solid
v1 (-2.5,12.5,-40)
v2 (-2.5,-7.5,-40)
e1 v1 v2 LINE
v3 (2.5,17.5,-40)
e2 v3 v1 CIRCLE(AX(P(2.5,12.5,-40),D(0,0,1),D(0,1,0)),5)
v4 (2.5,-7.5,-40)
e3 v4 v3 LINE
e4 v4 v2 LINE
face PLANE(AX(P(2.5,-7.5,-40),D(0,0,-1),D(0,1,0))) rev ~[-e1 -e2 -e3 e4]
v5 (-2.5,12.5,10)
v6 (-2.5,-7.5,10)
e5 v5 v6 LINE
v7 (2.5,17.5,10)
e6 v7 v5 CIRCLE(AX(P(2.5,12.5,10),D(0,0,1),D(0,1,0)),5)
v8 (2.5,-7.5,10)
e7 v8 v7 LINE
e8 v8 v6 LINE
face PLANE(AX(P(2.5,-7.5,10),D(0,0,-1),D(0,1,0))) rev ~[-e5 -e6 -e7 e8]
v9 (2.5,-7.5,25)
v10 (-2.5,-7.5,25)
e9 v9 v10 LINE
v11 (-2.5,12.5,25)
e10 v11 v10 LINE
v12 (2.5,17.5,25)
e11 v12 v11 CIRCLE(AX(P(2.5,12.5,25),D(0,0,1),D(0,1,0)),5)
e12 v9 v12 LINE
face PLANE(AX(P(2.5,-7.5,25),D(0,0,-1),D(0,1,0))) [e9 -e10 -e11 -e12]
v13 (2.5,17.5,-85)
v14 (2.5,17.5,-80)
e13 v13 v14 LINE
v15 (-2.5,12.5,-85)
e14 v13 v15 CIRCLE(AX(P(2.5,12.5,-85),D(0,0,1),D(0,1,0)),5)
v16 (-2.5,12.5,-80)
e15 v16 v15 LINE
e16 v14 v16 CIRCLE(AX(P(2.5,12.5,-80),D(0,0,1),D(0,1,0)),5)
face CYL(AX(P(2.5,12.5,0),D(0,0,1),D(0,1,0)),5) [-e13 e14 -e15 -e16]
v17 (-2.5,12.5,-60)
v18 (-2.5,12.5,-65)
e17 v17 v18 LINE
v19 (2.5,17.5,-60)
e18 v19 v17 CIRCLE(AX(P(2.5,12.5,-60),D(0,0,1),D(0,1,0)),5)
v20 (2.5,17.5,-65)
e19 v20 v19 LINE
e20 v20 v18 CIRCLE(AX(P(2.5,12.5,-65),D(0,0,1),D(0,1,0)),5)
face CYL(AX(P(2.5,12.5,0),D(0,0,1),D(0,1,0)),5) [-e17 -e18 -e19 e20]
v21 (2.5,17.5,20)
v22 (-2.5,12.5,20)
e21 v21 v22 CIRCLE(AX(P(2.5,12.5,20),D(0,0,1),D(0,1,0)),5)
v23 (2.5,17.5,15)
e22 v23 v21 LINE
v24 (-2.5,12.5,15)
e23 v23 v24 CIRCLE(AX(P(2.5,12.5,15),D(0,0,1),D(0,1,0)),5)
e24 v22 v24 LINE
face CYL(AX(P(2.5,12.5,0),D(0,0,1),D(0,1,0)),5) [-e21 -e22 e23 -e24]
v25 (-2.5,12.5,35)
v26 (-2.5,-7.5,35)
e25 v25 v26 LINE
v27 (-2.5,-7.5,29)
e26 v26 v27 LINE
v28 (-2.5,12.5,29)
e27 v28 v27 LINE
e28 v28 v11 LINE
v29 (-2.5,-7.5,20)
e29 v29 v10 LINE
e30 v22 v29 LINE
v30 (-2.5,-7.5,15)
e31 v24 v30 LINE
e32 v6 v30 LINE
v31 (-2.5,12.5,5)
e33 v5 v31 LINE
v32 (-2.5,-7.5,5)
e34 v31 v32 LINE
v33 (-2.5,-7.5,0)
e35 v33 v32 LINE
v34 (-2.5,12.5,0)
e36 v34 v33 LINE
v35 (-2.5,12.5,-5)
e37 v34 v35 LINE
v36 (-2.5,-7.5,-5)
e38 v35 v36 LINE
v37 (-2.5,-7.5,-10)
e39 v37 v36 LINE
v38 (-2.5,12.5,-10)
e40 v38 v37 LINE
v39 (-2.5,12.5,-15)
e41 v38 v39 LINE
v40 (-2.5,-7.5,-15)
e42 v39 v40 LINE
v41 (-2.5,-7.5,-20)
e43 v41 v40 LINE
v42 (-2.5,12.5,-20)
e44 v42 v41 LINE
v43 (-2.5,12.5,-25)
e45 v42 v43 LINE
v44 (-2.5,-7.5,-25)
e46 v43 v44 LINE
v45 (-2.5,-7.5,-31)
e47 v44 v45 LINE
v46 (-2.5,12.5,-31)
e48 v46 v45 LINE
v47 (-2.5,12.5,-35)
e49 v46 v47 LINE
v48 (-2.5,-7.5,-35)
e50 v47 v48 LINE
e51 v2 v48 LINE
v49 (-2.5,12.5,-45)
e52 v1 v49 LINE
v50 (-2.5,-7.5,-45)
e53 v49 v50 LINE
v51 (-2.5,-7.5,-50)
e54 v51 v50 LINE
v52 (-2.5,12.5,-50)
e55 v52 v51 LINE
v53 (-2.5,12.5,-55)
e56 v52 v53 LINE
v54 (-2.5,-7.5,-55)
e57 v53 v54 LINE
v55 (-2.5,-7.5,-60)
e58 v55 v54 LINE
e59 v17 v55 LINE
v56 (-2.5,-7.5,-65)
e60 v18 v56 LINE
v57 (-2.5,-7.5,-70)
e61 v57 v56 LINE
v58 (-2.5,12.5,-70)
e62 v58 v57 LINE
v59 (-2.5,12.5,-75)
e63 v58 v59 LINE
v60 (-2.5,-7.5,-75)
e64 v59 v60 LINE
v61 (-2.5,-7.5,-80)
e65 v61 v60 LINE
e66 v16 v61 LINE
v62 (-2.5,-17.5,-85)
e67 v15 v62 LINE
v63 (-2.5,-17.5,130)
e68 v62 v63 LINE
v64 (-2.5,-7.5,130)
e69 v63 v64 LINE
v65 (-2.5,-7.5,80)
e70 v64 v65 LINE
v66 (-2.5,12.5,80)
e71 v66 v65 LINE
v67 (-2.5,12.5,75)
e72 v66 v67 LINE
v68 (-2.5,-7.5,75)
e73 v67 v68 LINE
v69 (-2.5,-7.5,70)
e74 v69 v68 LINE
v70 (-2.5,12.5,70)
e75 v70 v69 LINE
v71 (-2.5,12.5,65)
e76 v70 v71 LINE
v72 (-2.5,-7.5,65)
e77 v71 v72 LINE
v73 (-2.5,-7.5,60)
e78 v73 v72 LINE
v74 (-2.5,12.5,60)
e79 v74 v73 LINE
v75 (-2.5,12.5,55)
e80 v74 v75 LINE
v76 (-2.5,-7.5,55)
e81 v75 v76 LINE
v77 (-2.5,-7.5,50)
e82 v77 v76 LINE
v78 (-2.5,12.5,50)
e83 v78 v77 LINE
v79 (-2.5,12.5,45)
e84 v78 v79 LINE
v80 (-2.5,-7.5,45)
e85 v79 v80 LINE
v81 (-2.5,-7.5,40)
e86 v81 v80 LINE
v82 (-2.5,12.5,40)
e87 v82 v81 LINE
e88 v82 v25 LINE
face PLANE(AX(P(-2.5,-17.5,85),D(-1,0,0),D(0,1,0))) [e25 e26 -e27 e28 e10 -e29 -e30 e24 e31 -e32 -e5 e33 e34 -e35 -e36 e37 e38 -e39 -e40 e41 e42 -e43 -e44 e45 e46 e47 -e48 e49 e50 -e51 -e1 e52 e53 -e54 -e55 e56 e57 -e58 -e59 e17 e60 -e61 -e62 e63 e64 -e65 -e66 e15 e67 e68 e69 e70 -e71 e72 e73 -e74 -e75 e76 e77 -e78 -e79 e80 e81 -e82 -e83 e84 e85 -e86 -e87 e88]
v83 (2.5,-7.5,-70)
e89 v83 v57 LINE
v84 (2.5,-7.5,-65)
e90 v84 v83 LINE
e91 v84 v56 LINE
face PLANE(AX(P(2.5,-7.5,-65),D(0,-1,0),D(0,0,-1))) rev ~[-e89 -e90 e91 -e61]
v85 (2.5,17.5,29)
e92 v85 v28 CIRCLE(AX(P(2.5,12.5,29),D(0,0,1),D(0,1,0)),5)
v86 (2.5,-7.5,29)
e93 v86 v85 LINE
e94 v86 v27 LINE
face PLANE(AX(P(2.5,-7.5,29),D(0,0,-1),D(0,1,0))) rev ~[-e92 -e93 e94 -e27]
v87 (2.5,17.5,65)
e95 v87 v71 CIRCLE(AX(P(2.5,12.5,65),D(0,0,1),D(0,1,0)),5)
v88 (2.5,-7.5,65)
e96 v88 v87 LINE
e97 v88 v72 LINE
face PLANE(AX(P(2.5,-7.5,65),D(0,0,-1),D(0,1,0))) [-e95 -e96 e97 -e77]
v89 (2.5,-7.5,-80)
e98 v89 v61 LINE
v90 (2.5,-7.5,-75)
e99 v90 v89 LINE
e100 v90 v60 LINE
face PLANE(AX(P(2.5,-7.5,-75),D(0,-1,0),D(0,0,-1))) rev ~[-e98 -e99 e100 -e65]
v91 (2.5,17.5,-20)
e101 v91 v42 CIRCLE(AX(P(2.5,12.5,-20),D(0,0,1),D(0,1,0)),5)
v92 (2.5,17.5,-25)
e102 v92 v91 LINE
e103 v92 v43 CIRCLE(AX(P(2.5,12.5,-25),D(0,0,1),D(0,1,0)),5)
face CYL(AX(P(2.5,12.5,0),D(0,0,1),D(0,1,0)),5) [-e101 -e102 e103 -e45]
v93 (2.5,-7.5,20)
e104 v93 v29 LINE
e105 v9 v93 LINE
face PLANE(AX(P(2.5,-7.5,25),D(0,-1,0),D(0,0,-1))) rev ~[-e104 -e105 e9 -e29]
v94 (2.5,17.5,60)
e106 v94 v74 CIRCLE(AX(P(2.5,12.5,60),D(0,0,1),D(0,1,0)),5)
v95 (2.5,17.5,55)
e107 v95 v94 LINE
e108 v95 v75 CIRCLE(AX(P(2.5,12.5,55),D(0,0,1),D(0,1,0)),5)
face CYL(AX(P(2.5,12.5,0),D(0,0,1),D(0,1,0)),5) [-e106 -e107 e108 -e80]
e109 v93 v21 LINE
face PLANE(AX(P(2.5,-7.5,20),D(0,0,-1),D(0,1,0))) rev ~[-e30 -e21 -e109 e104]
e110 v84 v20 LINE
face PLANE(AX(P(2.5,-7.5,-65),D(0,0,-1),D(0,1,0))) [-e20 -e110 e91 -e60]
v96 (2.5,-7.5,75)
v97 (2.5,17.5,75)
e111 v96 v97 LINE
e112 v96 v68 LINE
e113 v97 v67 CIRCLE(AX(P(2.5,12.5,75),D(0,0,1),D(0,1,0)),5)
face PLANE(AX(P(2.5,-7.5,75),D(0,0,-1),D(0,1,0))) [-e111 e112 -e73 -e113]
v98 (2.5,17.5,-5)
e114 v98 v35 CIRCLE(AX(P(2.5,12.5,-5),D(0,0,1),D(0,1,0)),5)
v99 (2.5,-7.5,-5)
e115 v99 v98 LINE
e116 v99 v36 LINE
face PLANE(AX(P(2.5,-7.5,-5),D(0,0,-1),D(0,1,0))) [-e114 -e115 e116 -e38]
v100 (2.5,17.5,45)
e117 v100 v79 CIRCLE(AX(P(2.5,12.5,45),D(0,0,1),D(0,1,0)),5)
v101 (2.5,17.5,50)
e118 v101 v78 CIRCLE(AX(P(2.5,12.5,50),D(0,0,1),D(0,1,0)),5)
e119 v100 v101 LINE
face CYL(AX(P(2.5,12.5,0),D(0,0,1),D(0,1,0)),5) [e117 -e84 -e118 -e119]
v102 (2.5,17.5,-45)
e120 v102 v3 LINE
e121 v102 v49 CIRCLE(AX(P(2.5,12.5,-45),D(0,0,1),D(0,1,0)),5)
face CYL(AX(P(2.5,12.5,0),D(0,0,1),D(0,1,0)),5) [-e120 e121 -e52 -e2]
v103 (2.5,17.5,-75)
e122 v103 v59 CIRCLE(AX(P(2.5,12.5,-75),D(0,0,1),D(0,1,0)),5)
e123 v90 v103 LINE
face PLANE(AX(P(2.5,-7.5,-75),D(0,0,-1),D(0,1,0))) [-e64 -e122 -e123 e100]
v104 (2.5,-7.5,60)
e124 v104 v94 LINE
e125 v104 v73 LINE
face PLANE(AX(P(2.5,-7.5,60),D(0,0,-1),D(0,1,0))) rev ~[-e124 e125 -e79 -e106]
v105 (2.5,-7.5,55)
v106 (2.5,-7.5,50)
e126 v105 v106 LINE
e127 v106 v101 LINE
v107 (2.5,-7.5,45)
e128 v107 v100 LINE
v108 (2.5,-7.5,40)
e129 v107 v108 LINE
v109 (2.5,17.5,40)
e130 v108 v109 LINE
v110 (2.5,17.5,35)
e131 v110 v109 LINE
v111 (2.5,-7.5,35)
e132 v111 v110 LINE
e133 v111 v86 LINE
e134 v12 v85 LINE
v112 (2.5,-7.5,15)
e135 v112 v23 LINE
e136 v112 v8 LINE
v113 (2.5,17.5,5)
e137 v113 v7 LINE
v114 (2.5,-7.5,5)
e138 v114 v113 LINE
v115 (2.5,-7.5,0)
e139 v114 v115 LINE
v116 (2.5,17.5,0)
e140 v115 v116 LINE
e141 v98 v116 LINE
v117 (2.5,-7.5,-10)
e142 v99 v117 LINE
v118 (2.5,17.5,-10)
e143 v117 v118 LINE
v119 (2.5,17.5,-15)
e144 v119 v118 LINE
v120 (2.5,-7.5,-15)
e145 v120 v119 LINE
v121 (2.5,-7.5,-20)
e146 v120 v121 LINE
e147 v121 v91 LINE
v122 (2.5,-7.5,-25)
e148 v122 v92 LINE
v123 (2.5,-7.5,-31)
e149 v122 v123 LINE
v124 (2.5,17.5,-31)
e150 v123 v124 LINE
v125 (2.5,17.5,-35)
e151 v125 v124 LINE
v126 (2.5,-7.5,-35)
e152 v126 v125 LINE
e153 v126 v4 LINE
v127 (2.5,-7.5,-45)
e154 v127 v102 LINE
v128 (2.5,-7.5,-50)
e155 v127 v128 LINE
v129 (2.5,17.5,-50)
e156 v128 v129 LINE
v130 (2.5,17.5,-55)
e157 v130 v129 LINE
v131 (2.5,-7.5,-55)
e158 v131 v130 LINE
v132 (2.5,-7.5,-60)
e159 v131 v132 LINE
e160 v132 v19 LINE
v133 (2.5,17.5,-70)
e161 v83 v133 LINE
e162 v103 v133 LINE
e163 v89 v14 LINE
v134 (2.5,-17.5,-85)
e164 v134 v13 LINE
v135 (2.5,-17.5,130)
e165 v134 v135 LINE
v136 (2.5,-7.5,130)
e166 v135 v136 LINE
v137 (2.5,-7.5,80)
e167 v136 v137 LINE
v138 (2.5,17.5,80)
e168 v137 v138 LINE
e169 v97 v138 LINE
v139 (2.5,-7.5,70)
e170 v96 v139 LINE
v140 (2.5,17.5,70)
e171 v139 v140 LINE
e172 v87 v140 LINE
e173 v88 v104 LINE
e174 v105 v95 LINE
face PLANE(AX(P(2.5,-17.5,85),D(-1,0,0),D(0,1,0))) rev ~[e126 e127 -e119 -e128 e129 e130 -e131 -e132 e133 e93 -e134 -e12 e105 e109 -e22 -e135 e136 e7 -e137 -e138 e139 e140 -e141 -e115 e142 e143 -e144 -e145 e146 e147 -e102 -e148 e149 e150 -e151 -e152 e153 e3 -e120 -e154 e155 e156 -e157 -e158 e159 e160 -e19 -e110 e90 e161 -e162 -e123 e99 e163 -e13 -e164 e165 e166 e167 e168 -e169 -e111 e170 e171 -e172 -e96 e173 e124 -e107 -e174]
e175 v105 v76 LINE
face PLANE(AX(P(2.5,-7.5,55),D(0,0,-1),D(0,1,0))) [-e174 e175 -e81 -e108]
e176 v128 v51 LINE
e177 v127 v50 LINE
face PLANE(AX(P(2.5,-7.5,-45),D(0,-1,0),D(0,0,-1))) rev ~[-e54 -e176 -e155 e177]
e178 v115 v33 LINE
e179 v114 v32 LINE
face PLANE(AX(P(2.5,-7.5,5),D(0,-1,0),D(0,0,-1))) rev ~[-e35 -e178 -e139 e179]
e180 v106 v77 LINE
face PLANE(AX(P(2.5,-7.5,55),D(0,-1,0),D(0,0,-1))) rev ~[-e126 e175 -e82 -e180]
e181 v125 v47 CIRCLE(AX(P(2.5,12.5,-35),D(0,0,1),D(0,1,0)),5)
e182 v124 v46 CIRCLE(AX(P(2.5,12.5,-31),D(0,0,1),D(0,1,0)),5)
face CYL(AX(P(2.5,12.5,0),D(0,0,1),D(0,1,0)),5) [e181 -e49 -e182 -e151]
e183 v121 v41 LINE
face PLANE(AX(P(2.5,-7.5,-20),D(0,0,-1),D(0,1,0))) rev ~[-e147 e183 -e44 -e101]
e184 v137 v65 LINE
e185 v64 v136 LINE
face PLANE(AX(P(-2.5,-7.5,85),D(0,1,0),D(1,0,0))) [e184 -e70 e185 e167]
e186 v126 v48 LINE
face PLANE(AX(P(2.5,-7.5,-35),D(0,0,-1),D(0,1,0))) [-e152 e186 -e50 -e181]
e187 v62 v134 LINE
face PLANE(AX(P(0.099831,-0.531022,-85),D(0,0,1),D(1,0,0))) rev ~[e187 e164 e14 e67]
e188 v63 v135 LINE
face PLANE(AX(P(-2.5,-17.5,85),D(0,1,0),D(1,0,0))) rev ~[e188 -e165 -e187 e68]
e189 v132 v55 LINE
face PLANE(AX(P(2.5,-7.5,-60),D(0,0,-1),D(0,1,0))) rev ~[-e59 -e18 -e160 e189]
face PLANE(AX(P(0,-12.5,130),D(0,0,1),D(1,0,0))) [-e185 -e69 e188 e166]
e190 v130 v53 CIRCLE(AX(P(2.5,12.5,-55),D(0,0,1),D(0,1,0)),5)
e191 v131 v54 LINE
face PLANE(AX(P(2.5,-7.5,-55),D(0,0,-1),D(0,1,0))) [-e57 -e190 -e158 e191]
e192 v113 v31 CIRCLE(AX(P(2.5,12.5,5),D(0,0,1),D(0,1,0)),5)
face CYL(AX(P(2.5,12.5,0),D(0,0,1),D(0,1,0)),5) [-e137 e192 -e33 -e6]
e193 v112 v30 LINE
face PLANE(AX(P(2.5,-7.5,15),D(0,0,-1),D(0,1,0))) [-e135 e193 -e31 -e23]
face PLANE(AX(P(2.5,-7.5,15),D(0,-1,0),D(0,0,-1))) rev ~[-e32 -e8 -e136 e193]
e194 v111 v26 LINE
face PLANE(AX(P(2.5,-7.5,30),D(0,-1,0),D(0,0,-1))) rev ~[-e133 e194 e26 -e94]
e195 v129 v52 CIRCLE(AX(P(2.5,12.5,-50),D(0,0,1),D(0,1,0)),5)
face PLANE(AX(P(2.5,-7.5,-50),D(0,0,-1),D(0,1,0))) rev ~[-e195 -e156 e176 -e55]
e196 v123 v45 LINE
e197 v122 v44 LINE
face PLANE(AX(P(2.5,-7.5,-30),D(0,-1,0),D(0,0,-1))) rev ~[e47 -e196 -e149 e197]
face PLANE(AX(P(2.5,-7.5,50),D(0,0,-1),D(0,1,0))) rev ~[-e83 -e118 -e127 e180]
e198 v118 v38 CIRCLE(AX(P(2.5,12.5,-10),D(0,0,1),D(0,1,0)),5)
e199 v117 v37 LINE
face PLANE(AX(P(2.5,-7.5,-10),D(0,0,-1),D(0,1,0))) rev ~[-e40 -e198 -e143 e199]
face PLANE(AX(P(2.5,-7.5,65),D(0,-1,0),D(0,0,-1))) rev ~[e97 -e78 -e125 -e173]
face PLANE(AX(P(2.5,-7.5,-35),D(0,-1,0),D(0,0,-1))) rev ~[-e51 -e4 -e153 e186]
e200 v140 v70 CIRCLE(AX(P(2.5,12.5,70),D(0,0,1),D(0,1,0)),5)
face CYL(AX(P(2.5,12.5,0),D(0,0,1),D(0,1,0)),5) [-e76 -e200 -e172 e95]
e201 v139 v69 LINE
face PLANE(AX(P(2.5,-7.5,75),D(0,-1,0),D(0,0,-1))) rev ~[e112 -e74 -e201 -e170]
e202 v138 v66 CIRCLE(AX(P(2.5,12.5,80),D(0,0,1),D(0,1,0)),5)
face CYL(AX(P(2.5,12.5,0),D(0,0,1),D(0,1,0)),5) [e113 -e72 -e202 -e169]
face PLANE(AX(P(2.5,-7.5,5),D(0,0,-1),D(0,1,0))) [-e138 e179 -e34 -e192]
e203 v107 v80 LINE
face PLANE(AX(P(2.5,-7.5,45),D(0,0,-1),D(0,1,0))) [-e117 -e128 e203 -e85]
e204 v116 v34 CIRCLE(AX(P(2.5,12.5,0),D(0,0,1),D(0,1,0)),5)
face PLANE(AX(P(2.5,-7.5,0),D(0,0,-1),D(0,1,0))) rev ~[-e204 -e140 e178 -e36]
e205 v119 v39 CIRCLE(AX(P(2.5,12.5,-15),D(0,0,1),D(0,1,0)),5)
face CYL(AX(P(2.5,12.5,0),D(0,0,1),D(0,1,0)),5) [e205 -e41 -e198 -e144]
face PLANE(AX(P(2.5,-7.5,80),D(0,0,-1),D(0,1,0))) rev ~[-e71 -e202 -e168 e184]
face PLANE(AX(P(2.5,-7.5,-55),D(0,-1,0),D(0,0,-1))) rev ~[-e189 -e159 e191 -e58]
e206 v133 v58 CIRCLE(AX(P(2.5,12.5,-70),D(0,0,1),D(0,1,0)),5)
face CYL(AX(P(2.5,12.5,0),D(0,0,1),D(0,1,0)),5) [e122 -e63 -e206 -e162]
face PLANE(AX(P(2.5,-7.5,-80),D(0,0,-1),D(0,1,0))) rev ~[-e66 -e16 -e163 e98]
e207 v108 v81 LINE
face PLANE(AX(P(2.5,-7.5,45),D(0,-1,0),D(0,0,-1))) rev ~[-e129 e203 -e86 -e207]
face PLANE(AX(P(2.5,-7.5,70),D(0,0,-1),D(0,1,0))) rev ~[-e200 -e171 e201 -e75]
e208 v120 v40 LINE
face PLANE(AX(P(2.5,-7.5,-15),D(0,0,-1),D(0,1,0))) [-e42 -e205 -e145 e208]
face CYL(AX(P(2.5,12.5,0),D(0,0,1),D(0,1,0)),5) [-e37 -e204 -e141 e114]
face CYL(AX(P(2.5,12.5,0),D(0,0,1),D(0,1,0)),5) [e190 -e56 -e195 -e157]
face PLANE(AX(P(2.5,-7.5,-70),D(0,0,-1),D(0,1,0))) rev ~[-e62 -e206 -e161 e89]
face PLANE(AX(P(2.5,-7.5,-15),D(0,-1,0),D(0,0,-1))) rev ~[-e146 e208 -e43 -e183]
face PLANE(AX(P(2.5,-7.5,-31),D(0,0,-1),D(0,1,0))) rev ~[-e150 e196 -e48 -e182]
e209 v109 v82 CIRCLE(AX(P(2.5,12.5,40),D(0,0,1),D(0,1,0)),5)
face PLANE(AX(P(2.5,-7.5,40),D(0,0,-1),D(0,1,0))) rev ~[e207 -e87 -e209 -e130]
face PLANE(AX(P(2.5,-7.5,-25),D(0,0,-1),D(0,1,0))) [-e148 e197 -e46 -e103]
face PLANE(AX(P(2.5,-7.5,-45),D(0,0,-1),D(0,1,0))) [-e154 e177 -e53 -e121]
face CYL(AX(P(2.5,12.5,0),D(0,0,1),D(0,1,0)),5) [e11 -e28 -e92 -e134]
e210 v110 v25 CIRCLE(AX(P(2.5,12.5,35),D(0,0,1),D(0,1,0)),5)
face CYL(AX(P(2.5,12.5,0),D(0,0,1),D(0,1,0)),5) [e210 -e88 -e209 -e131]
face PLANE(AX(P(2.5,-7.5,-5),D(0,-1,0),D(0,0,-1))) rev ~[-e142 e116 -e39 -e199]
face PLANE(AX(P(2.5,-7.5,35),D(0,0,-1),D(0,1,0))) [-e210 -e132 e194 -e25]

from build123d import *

# Parameters (mm, degrees)
SALIENTE_EXTRUIR1_DEPTH = 85
CROQUIS2_W              = 5
CROQUIS2_H              = 25
CORTAR_EXTRUIR1_DEPTH   = 6
CROQUIS3_W              = 5
CROQUIS3_H              = 10
SALIENTE_EXTRUIR2_DEPTH = 45
CROQUIS4_W              = 1
CROQUIS4_H              = 25
CORTAR_EXTRUIR2_DEPTH   = 6


with BuildPart() as part:
    # Croquis1 → Saliente-Extruir1 (new body, symmetric)
    with BuildSketch(Plane.XY):
        with BuildLine():
            Line((-2.5, -17.5), (2.5, -17.5))
            Line((2.5, -17.5), (2.5, 17.5))
            ThreePointArc((2.5, 17.5), (-1.035533906, 16.035533906), (-2.5, 12.5))
            Line((-2.5, 12.5), (-2.5, -17.5))
        make_face()
    extrude(amount=SALIENTE_EXTRUIR1_DEPTH, both=True)

    # Croquis2 → Cortar-Extruir1 (cut, through all)
    with BuildSketch(Plane(origin=(2.5, 0, 0), x_dir=(0, 0, -1), z_dir=(1, 0, 0))):
        with Locations((77.5, 5)):
            Rectangle(CROQUIS2_W, CROQUIS2_H)
        with Locations((67.5, 5)):
            Rectangle(CROQUIS2_W, CROQUIS2_H)
        with Locations((57.5, 5)):
            Rectangle(CROQUIS2_W, CROQUIS2_H)
        with Locations((47.5, 5)):
            Rectangle(CROQUIS2_W, CROQUIS2_H)
        with Locations((37.5, 5)):
            Rectangle(CROQUIS2_W, CROQUIS2_H)
        with Locations((27.5, 5)):
            Rectangle(CROQUIS2_W, CROQUIS2_H)
        with Locations((17.5, 5)):
            Rectangle(CROQUIS2_W, CROQUIS2_H)
        with Locations((7.5, 5)):
            Rectangle(CROQUIS2_W, CROQUIS2_H)
        with Locations((-2.5, 5)):
            Rectangle(CROQUIS2_W, CROQUIS2_H)
        with Locations((-12.5, 5)):
            Rectangle(CROQUIS2_W, CROQUIS2_H)
        with Locations((-22.5, 5)):
            Rectangle(CROQUIS2_W, CROQUIS2_H)
        with Locations((-32.5, 5)):
            Rectangle(CROQUIS2_W, CROQUIS2_H)
        with Locations((-42.5, 5)):
            Rectangle(CROQUIS2_W, CROQUIS2_H)
        with Locations((-52.5, 5)):
            Rectangle(CROQUIS2_W, CROQUIS2_H)
        with Locations((-62.5, 5)):
            Rectangle(CROQUIS2_W, CROQUIS2_H)
        with Locations((-72.5, 5)):
            Rectangle(CROQUIS2_W, CROQUIS2_H)
        with Locations((-82.5, 5)):
            Rectangle(CROQUIS2_W, CROQUIS2_H)
    extrude(amount=-CORTAR_EXTRUIR1_DEPTH, mode=Mode.SUBTRACT)

    # Croquis3 → Saliente-Extruir2 (add)
    with BuildSketch(Plane.XY.offset(85)):
        with Locations((0, -12.5)):
            Rectangle(CROQUIS3_W, CROQUIS3_H)
    extrude(amount=SALIENTE_EXTRUIR2_DEPTH)

    # Croquis4 → Cortar-Extruir2 (cut, through all)
    with BuildSketch(Plane(origin=(2.5, 0, 0), x_dir=(0, 0, -1), z_dir=(1, 0, 0))):
        with Locations((-29.5, 5)):
            Rectangle(CROQUIS4_W, CROQUIS4_H)
        with Locations((30.5, 5)):
            Rectangle(CROQUIS4_W, CROQUIS4_H)
    extrude(amount=-CORTAR_EXTRUIR2_DEPTH, mode=Mode.SUBTRACT)


solid = part.part
